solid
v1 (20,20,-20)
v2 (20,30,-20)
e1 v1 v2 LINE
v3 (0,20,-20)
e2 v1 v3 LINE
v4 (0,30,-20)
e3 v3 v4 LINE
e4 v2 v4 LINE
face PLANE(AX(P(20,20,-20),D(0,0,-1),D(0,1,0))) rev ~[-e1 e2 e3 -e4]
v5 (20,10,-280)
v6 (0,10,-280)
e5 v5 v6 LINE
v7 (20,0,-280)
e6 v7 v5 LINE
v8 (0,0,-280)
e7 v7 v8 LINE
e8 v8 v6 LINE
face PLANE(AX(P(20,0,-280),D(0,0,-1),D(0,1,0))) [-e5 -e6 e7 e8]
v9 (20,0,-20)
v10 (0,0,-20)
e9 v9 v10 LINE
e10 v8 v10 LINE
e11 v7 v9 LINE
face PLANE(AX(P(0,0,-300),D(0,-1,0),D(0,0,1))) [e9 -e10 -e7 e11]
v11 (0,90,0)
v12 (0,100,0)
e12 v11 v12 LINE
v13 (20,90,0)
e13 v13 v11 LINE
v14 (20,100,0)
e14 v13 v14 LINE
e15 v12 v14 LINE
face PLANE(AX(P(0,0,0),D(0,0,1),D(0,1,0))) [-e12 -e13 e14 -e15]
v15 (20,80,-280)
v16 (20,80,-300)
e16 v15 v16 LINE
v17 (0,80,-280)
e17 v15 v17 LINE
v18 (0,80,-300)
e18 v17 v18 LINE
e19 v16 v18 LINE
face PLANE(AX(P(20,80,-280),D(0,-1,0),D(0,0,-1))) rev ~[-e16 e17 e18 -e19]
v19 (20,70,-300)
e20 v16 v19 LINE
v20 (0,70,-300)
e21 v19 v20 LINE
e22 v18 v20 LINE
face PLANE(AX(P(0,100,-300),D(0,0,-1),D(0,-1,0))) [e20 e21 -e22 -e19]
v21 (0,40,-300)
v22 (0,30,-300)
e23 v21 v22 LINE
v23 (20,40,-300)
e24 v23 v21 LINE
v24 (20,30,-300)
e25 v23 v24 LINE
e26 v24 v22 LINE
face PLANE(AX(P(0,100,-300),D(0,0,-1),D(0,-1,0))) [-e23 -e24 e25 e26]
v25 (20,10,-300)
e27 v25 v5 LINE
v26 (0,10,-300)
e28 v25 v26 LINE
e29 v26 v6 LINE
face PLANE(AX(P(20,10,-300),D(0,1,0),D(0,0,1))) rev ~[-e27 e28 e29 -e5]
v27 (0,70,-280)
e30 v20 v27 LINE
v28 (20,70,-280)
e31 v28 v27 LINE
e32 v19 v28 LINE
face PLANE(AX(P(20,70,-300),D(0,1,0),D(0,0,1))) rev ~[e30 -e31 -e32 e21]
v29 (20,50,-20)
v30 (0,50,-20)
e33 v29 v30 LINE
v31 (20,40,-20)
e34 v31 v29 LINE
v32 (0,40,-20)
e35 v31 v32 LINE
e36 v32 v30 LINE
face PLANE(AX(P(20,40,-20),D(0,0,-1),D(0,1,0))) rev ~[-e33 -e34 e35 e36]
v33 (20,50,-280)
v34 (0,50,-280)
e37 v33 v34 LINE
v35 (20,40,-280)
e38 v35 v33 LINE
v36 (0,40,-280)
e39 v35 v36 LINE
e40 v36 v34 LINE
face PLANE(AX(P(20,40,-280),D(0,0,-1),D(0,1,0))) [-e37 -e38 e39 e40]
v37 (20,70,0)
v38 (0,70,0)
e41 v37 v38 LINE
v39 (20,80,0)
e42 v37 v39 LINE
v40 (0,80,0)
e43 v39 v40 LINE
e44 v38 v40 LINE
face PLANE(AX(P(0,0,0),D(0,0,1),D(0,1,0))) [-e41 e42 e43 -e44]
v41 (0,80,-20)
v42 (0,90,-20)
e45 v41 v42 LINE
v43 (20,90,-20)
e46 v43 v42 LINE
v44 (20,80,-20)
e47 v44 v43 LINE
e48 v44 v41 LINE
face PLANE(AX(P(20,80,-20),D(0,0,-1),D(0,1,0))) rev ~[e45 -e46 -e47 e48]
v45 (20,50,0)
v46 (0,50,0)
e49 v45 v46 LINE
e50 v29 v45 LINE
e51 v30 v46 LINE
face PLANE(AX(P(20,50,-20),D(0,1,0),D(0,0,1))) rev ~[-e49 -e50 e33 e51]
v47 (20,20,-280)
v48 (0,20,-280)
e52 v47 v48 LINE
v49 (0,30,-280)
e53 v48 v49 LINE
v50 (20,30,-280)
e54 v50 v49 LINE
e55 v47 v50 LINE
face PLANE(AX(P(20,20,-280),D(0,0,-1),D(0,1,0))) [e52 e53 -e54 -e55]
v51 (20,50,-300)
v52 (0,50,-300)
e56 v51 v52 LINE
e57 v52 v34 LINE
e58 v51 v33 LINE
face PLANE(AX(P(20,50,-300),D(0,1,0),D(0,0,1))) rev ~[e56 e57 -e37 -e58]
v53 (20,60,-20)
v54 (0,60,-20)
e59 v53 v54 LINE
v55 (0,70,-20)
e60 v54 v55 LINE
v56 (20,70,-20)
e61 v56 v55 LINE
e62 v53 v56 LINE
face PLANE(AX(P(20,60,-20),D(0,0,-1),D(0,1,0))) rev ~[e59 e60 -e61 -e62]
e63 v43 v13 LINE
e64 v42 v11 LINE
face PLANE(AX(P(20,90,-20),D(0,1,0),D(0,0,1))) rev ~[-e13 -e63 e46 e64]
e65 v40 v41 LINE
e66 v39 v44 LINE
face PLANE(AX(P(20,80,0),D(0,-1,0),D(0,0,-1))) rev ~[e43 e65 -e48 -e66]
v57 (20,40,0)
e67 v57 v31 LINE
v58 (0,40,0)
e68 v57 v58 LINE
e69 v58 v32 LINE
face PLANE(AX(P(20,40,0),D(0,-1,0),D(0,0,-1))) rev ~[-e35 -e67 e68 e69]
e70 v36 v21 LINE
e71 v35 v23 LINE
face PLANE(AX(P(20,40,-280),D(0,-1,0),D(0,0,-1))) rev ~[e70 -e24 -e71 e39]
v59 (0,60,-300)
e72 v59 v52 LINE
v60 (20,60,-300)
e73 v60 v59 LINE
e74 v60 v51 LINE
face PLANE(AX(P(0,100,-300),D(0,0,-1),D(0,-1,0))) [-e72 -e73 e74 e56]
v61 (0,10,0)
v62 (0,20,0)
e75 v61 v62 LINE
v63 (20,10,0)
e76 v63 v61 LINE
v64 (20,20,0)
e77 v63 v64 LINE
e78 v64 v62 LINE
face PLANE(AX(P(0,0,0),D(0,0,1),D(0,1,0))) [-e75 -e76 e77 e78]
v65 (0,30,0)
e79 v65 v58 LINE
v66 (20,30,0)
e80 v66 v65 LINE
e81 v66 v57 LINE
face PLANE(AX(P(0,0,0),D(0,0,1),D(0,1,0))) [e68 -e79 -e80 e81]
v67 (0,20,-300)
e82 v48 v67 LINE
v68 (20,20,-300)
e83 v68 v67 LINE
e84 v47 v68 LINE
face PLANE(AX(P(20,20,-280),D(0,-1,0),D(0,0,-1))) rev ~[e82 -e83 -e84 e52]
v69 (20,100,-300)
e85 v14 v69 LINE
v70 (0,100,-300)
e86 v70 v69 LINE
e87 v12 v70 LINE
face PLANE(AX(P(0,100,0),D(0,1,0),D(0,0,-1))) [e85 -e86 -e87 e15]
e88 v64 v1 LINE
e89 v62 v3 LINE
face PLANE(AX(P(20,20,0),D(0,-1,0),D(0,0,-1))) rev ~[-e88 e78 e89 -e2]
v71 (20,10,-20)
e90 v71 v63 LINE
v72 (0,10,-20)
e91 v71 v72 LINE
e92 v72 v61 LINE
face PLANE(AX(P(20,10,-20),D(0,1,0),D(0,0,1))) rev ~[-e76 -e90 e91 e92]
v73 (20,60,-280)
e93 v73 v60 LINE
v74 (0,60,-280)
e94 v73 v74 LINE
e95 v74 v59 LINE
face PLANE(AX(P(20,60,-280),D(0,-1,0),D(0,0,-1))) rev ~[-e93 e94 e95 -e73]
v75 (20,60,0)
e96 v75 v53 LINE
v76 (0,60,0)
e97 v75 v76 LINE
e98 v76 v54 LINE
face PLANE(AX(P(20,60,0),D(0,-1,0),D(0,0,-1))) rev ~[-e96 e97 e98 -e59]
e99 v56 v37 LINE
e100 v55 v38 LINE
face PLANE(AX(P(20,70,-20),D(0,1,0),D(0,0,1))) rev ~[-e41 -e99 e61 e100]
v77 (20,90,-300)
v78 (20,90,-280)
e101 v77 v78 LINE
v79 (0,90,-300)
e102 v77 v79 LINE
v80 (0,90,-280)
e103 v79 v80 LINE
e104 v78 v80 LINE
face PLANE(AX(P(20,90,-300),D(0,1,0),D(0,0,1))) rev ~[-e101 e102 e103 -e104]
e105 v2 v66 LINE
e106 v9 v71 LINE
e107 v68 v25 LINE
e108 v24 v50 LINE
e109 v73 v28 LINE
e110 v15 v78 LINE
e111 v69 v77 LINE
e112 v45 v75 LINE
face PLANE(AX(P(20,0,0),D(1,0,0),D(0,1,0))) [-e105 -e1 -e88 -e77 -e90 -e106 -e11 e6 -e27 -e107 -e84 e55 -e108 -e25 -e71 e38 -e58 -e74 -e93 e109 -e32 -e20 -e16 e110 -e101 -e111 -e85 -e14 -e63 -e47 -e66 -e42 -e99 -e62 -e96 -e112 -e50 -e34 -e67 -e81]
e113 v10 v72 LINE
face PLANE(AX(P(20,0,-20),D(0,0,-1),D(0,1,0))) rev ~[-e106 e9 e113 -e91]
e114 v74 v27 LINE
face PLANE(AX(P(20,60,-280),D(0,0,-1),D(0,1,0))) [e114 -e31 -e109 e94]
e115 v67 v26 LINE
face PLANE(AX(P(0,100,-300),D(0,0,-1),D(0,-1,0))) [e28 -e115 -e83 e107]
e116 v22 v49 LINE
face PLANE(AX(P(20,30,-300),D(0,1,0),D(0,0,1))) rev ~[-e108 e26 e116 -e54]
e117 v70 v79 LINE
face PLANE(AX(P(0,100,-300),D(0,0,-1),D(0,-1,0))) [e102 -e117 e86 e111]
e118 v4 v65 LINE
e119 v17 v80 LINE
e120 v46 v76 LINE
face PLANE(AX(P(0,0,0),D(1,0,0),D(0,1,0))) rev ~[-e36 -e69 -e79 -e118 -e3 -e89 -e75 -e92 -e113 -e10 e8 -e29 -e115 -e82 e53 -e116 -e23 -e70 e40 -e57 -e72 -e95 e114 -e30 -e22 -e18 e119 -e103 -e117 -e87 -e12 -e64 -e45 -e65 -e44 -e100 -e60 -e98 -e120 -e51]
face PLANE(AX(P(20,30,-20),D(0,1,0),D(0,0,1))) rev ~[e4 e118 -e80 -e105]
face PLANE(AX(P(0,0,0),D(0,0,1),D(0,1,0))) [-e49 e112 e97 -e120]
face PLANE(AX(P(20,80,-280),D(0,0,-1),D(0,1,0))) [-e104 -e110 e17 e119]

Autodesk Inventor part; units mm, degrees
ref_plane "YZ Plane" through (0, 0, 0) normal (1, 0, 0) x (0, 1, 0)
ref_plane "XZ Plane" through (0, 0, 0) normal (0, 1, 0) x (-1, 0, 0)
ref_plane "XY Plane" through (0, 0, 0) normal (0, 0, 1) x (1, 0, 0)
sketch "Sketch1" plane through (0, 0, 0) normal (1, 0, 0) x (0, 1, 0)
  point P0 (0, 0)
sketch "Sketch2" plane through (0, 0, 0) normal (1, 0, 0) x (0, 1, 0)
  line L0 (0, 0) -> (100, 0)
  line L1 (100, 0) -> (100, -300)
  line L2 (100, -300) -> (0, -300)
  line L3 (0, -300) -> (0, 0)
  dimension "d0" = 100
  dimension "d1" = 300
extrude "Extrusion1" add sketch "Sketch2" along normal blind 20
sketch "Sketch3" plane through (20, 0, 0) normal (1, 0, 0) x (0, 0, -1)
  line L0 (0, 0) -> (20, 0)
  line L1 (20, 0) -> (20, 10)
  line L2 (20, 10) -> (0, 10)
  line L3 (0, 0) -> (0, 10)
  line L4 (0, 100) -> (0, 0) construction
  line L5 (0, 20) -> (20, 20)
  line L6 (20, 20) -> (20, 30)
  line L7 (20, 30) -> (0, 30)
  line L8 (0, 20) -> (0, 30)
  line L9 (0, 40) -> (20, 40)
  line L10 (20, 40) -> (20, 50)
  line L11 (20, 50) -> (0, 50)
  line L12 (0, 40) -> (0, 50)
  line L13 (0, 60) -> (20, 60)
  line L14 (20, 60) -> (20, 70)
  line L15 (20, 70) -> (0, 70)
  line L16 (0, 60) -> (0, 70)
  line L17 (0, 80) -> (20, 80)
  line L18 (20, 80) -> (20, 90)
  line L19 (20, 90) -> (0, 90)
  line L20 (0, 80) -> (0, 90)
  line L21 (0, 0) -> (300, 0) construction
  line L22 (280, 0) -> (300, 0)
  line L23 (300, 0) -> (300, 10)
  line L24 (300, 10) -> (280, 10)
  line L25 (280, 0) -> (280, 10)
  line L26 (280, 20) -> (300, 20)
  line L27 (300, 20) -> (300, 30)
  line L28 (280, 20) -> (280, 30)
  line L29 (300, 30) -> (280, 30)
  line L30 (280, 40) -> (300, 40)
  line L31 (300, 40) -> (300, 50)
  line L32 (280, 40) -> (280, 50)
  line L33 (300, 50) -> (280, 50)
  line L34 (280, 60) -> (300, 60)
  line L35 (300, 60) -> (300, 70)
  line L36 (300, 70) -> (280, 70)
  line L37 (280, 80) -> (300, 80)
  line L38 (300, 80) -> (300, 90)
  line L39 (300, 90) -> (280, 90)
  line L40 (280, 80) -> (280, 90)
  line L41 (280, 60) -> (280, 70)
  dimension "d17" = 1
  dimension "d5" = 10
  dimension "d6" = 20
  dimension "d9" = 20
  dimension "d16" = 280
  dimension "d21" = 10
extrude "Extrusion2" cut sketch "Sketch3" against normal blind 64.25
equation "\"d5\" = slot_width"
equation "\"d6\" = pattern_spacing"
equation "\"d9\" = pattern_spacing"
equation "\"d21\" = slot_spacing"
equation "\"slot_spacing\" = 10"
equation "\"slot_width\" = slot_spacing"
equation "\"pattern_spacing\" = 20"
properties part number "Parameter Practice"
